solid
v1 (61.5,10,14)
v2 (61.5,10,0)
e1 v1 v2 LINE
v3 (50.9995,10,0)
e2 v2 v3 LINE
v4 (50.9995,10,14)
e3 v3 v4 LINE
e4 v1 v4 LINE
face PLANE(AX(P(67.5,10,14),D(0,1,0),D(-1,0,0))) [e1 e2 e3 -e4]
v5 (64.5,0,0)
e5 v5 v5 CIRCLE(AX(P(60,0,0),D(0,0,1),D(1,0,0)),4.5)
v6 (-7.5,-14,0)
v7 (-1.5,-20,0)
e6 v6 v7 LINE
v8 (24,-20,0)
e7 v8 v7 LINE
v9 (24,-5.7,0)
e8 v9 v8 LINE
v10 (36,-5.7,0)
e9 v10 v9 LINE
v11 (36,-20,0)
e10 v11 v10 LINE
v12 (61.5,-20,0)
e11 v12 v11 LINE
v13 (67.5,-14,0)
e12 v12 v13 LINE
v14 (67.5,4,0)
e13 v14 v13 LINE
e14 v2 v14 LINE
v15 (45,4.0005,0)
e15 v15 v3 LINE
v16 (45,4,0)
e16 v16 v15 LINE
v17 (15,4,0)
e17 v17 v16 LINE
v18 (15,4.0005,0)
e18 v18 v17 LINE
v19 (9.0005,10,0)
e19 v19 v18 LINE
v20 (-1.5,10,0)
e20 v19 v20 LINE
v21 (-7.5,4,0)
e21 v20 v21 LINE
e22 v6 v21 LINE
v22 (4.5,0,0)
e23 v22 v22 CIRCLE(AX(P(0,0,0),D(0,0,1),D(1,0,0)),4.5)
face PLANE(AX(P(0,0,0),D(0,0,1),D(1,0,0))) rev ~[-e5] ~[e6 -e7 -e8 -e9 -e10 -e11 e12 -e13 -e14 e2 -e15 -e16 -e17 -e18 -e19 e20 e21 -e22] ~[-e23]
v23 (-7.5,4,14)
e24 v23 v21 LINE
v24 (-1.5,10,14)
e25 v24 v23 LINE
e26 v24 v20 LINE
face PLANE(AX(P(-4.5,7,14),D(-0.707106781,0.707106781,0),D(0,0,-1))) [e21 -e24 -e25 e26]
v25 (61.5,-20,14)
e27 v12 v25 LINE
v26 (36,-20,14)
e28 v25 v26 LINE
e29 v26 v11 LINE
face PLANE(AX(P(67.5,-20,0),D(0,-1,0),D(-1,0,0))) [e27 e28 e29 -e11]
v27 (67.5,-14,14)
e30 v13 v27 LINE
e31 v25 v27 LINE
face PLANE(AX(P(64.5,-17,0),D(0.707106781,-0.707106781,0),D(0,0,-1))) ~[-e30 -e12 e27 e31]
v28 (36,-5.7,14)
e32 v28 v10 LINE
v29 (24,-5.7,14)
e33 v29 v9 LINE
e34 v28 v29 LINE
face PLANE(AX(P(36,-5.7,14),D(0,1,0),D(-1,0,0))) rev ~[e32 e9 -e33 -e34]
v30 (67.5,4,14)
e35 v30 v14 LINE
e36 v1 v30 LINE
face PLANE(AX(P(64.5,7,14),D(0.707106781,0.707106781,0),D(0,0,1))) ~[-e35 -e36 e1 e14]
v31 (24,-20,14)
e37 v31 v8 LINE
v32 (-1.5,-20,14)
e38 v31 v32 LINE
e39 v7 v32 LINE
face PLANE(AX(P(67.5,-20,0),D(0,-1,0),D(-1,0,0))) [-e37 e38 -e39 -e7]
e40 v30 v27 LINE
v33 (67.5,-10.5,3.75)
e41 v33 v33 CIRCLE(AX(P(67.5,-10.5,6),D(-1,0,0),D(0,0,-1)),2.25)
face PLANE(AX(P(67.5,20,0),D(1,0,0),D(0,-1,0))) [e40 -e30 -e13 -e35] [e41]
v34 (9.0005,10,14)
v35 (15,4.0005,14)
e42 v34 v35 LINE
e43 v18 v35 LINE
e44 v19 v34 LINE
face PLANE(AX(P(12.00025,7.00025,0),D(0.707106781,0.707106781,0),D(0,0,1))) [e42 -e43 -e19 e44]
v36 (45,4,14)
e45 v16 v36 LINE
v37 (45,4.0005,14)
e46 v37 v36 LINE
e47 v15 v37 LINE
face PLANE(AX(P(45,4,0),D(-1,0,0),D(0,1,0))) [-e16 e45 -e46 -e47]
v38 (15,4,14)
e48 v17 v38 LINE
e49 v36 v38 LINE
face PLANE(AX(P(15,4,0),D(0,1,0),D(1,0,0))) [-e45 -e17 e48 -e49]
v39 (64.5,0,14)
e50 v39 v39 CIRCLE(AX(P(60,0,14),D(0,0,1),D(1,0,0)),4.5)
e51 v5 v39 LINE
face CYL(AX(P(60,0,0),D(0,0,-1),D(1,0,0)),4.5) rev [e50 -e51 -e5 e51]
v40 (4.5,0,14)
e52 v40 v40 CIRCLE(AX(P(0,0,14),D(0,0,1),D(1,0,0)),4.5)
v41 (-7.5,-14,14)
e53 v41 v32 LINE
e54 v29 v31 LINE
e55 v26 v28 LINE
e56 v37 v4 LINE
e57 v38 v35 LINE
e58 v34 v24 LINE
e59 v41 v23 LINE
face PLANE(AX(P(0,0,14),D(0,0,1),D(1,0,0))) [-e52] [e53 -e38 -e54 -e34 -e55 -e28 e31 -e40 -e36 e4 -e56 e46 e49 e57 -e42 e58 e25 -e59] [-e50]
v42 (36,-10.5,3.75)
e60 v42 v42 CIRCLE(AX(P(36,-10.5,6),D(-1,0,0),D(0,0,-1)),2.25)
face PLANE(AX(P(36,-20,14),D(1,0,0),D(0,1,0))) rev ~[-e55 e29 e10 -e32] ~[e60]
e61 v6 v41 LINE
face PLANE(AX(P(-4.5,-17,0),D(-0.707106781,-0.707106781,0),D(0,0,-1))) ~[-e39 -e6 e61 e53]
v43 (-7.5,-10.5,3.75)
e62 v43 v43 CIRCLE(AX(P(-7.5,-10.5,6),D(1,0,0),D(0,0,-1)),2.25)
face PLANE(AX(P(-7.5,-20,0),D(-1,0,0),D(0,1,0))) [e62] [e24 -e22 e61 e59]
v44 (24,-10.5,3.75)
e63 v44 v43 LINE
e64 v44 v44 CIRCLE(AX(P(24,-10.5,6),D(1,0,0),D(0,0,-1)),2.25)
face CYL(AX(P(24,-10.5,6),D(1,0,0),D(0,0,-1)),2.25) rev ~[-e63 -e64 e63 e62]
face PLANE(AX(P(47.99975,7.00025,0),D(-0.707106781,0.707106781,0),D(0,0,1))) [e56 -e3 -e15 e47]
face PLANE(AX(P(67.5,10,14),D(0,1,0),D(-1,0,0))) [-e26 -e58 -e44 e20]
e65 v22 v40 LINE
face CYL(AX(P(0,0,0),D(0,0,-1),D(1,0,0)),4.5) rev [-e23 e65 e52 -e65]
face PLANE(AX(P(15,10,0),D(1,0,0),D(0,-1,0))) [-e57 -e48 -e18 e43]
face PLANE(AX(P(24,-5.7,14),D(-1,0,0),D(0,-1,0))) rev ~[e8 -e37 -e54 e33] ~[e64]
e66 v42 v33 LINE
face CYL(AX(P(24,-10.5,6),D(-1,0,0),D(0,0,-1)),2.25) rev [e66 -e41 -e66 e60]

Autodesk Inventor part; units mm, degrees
ref_plane "YZ Plane" through (0, 0, 0) normal (1, 0, 0) x (0, 1, 0)
ref_plane "XZ Plane" through (0, 0, 0) normal (0, 1, 0) x (-1, 0, 0)
ref_plane "XY Plane" through (0, 0, 0) normal (0, 0, 1) x (1, 0, 0)
sketch "Sketch1" plane through (0, 0, 0) normal (0, 0, 1) x (1, 0, 0)
  line L0 (0, 0) -> (60, 0) construction
  circle A0 centre (0, 0) radius 4.5
  circle A1 centre (60, 0) radius 4.5
  line L1 (67.5, -20) -> (-7.5, -20)
  line L2 (-7.5, -20) -> (-7.5, 20)
  line L3 (-7.5, 20) -> (67.5, 20)
  line L4 (67.5, 20) -> (67.5, -20)
  line L5 (67.5, -20) -> (-7.5, 20) construction
  line L6 (-7.5, -20) -> (67.5, 20) construction
  point P0 (30, 0)
  dimension "d0" = 9
  dimension "d1" = 60
  dimension "d2" = 40
  dimension "d3" = 75
extrude "Extrusion1" add sketch "Sketch1" along normal blind 14
sketch "Sketch2" plane through (0, 0, 14) normal (0, 0, 1) x (1, 0, 0)
  line L0 (-7.5, -20) -> (67.5, -20) projected
  line L1 (24, -20) -> (36, -20)
  line L2 (36, -20) -> (36, -5.7)
  line L3 (36, -5.7) -> (24, -5.7)
  line L4 (24, -5.7) -> (24, -20)
  point P0 (30, -20)
  dimension "d6" = 12
  dimension "d7" = 14.3
extrude "Extrusion2" cut sketch "Sketch2" against normal through all
sketch "Sketch3" plane through (24, -20, 14) normal (1, 0, 0) x (0, 0, -1)
  line L0 (0, 0) -> (8, 0) construction
  line L1 (8, 0) -> (8, 9.5) construction
  line L2 (8, 9.5) -> (0, 9.5) construction
  line L3 (0, 9.5) -> (0, 0) construction
  circle A0 centre (8, 9.5) radius 2.25
  point P0 (14, 20)
  dimension "d10" = 8
  dimension "d11" = 9.5
  dimension "d12" = 4.5
extrude "Extrusion3" cut sketch "Sketch3" along normal through all both and the other way through all
sketch "Sketch4" plane through (0, 0, 14) normal (0, 0, 1) x (1, 0, 0)
  line L0 (67.5, -20) -> (67.5, 20) projected
  circle A0 centre (0, 0) radius 4.5 projected
  line L1 (-7.5, 20) -> (67.5, 20)
  line L2 (67.5, 20) -> (67.5, 10)
  line L3 (67.5, 10) -> (-7.5, 10)
  line L4 (-7.5, 10) -> (-7.5, 20)
  dimension "d15" = 10
extrude "Extrusion4" cut sketch "Sketch4" against normal through all contours L3 L4 L1 L0
sketch "Sketch5" plane through (0, 0, 0) normal (0, 0, -1) x (-1, 0, 0)
  line L0 (7.5, 10) -> (-67.5, 10) projected
  line L1 (-45, 10) -> (-15, 10)
  line L2 (-15, 10) -> (-15, 4)
  line L3 (-15, 4) -> (-45, 4)
  line L4 (-45, 4) -> (-45, 10)
  point P0 (-30, 10)
  dimension "d18" = 30
  dimension "d19" = 6
extrude "Extrusion5" cut sketch "Sketch5" against normal through all
chamfer "Chamfer1" distance 6 angle 45 2 edges at (45, 10, 7) (15, 10, 7)
chamfer "Chamfer2" distance 6 angle 45 4 edges at (-7.5, 10, 7) (67.5, 10, 7) (-7.5, -20, 7) (67.5, -20, 7)
properties part number "sensor bracket"
